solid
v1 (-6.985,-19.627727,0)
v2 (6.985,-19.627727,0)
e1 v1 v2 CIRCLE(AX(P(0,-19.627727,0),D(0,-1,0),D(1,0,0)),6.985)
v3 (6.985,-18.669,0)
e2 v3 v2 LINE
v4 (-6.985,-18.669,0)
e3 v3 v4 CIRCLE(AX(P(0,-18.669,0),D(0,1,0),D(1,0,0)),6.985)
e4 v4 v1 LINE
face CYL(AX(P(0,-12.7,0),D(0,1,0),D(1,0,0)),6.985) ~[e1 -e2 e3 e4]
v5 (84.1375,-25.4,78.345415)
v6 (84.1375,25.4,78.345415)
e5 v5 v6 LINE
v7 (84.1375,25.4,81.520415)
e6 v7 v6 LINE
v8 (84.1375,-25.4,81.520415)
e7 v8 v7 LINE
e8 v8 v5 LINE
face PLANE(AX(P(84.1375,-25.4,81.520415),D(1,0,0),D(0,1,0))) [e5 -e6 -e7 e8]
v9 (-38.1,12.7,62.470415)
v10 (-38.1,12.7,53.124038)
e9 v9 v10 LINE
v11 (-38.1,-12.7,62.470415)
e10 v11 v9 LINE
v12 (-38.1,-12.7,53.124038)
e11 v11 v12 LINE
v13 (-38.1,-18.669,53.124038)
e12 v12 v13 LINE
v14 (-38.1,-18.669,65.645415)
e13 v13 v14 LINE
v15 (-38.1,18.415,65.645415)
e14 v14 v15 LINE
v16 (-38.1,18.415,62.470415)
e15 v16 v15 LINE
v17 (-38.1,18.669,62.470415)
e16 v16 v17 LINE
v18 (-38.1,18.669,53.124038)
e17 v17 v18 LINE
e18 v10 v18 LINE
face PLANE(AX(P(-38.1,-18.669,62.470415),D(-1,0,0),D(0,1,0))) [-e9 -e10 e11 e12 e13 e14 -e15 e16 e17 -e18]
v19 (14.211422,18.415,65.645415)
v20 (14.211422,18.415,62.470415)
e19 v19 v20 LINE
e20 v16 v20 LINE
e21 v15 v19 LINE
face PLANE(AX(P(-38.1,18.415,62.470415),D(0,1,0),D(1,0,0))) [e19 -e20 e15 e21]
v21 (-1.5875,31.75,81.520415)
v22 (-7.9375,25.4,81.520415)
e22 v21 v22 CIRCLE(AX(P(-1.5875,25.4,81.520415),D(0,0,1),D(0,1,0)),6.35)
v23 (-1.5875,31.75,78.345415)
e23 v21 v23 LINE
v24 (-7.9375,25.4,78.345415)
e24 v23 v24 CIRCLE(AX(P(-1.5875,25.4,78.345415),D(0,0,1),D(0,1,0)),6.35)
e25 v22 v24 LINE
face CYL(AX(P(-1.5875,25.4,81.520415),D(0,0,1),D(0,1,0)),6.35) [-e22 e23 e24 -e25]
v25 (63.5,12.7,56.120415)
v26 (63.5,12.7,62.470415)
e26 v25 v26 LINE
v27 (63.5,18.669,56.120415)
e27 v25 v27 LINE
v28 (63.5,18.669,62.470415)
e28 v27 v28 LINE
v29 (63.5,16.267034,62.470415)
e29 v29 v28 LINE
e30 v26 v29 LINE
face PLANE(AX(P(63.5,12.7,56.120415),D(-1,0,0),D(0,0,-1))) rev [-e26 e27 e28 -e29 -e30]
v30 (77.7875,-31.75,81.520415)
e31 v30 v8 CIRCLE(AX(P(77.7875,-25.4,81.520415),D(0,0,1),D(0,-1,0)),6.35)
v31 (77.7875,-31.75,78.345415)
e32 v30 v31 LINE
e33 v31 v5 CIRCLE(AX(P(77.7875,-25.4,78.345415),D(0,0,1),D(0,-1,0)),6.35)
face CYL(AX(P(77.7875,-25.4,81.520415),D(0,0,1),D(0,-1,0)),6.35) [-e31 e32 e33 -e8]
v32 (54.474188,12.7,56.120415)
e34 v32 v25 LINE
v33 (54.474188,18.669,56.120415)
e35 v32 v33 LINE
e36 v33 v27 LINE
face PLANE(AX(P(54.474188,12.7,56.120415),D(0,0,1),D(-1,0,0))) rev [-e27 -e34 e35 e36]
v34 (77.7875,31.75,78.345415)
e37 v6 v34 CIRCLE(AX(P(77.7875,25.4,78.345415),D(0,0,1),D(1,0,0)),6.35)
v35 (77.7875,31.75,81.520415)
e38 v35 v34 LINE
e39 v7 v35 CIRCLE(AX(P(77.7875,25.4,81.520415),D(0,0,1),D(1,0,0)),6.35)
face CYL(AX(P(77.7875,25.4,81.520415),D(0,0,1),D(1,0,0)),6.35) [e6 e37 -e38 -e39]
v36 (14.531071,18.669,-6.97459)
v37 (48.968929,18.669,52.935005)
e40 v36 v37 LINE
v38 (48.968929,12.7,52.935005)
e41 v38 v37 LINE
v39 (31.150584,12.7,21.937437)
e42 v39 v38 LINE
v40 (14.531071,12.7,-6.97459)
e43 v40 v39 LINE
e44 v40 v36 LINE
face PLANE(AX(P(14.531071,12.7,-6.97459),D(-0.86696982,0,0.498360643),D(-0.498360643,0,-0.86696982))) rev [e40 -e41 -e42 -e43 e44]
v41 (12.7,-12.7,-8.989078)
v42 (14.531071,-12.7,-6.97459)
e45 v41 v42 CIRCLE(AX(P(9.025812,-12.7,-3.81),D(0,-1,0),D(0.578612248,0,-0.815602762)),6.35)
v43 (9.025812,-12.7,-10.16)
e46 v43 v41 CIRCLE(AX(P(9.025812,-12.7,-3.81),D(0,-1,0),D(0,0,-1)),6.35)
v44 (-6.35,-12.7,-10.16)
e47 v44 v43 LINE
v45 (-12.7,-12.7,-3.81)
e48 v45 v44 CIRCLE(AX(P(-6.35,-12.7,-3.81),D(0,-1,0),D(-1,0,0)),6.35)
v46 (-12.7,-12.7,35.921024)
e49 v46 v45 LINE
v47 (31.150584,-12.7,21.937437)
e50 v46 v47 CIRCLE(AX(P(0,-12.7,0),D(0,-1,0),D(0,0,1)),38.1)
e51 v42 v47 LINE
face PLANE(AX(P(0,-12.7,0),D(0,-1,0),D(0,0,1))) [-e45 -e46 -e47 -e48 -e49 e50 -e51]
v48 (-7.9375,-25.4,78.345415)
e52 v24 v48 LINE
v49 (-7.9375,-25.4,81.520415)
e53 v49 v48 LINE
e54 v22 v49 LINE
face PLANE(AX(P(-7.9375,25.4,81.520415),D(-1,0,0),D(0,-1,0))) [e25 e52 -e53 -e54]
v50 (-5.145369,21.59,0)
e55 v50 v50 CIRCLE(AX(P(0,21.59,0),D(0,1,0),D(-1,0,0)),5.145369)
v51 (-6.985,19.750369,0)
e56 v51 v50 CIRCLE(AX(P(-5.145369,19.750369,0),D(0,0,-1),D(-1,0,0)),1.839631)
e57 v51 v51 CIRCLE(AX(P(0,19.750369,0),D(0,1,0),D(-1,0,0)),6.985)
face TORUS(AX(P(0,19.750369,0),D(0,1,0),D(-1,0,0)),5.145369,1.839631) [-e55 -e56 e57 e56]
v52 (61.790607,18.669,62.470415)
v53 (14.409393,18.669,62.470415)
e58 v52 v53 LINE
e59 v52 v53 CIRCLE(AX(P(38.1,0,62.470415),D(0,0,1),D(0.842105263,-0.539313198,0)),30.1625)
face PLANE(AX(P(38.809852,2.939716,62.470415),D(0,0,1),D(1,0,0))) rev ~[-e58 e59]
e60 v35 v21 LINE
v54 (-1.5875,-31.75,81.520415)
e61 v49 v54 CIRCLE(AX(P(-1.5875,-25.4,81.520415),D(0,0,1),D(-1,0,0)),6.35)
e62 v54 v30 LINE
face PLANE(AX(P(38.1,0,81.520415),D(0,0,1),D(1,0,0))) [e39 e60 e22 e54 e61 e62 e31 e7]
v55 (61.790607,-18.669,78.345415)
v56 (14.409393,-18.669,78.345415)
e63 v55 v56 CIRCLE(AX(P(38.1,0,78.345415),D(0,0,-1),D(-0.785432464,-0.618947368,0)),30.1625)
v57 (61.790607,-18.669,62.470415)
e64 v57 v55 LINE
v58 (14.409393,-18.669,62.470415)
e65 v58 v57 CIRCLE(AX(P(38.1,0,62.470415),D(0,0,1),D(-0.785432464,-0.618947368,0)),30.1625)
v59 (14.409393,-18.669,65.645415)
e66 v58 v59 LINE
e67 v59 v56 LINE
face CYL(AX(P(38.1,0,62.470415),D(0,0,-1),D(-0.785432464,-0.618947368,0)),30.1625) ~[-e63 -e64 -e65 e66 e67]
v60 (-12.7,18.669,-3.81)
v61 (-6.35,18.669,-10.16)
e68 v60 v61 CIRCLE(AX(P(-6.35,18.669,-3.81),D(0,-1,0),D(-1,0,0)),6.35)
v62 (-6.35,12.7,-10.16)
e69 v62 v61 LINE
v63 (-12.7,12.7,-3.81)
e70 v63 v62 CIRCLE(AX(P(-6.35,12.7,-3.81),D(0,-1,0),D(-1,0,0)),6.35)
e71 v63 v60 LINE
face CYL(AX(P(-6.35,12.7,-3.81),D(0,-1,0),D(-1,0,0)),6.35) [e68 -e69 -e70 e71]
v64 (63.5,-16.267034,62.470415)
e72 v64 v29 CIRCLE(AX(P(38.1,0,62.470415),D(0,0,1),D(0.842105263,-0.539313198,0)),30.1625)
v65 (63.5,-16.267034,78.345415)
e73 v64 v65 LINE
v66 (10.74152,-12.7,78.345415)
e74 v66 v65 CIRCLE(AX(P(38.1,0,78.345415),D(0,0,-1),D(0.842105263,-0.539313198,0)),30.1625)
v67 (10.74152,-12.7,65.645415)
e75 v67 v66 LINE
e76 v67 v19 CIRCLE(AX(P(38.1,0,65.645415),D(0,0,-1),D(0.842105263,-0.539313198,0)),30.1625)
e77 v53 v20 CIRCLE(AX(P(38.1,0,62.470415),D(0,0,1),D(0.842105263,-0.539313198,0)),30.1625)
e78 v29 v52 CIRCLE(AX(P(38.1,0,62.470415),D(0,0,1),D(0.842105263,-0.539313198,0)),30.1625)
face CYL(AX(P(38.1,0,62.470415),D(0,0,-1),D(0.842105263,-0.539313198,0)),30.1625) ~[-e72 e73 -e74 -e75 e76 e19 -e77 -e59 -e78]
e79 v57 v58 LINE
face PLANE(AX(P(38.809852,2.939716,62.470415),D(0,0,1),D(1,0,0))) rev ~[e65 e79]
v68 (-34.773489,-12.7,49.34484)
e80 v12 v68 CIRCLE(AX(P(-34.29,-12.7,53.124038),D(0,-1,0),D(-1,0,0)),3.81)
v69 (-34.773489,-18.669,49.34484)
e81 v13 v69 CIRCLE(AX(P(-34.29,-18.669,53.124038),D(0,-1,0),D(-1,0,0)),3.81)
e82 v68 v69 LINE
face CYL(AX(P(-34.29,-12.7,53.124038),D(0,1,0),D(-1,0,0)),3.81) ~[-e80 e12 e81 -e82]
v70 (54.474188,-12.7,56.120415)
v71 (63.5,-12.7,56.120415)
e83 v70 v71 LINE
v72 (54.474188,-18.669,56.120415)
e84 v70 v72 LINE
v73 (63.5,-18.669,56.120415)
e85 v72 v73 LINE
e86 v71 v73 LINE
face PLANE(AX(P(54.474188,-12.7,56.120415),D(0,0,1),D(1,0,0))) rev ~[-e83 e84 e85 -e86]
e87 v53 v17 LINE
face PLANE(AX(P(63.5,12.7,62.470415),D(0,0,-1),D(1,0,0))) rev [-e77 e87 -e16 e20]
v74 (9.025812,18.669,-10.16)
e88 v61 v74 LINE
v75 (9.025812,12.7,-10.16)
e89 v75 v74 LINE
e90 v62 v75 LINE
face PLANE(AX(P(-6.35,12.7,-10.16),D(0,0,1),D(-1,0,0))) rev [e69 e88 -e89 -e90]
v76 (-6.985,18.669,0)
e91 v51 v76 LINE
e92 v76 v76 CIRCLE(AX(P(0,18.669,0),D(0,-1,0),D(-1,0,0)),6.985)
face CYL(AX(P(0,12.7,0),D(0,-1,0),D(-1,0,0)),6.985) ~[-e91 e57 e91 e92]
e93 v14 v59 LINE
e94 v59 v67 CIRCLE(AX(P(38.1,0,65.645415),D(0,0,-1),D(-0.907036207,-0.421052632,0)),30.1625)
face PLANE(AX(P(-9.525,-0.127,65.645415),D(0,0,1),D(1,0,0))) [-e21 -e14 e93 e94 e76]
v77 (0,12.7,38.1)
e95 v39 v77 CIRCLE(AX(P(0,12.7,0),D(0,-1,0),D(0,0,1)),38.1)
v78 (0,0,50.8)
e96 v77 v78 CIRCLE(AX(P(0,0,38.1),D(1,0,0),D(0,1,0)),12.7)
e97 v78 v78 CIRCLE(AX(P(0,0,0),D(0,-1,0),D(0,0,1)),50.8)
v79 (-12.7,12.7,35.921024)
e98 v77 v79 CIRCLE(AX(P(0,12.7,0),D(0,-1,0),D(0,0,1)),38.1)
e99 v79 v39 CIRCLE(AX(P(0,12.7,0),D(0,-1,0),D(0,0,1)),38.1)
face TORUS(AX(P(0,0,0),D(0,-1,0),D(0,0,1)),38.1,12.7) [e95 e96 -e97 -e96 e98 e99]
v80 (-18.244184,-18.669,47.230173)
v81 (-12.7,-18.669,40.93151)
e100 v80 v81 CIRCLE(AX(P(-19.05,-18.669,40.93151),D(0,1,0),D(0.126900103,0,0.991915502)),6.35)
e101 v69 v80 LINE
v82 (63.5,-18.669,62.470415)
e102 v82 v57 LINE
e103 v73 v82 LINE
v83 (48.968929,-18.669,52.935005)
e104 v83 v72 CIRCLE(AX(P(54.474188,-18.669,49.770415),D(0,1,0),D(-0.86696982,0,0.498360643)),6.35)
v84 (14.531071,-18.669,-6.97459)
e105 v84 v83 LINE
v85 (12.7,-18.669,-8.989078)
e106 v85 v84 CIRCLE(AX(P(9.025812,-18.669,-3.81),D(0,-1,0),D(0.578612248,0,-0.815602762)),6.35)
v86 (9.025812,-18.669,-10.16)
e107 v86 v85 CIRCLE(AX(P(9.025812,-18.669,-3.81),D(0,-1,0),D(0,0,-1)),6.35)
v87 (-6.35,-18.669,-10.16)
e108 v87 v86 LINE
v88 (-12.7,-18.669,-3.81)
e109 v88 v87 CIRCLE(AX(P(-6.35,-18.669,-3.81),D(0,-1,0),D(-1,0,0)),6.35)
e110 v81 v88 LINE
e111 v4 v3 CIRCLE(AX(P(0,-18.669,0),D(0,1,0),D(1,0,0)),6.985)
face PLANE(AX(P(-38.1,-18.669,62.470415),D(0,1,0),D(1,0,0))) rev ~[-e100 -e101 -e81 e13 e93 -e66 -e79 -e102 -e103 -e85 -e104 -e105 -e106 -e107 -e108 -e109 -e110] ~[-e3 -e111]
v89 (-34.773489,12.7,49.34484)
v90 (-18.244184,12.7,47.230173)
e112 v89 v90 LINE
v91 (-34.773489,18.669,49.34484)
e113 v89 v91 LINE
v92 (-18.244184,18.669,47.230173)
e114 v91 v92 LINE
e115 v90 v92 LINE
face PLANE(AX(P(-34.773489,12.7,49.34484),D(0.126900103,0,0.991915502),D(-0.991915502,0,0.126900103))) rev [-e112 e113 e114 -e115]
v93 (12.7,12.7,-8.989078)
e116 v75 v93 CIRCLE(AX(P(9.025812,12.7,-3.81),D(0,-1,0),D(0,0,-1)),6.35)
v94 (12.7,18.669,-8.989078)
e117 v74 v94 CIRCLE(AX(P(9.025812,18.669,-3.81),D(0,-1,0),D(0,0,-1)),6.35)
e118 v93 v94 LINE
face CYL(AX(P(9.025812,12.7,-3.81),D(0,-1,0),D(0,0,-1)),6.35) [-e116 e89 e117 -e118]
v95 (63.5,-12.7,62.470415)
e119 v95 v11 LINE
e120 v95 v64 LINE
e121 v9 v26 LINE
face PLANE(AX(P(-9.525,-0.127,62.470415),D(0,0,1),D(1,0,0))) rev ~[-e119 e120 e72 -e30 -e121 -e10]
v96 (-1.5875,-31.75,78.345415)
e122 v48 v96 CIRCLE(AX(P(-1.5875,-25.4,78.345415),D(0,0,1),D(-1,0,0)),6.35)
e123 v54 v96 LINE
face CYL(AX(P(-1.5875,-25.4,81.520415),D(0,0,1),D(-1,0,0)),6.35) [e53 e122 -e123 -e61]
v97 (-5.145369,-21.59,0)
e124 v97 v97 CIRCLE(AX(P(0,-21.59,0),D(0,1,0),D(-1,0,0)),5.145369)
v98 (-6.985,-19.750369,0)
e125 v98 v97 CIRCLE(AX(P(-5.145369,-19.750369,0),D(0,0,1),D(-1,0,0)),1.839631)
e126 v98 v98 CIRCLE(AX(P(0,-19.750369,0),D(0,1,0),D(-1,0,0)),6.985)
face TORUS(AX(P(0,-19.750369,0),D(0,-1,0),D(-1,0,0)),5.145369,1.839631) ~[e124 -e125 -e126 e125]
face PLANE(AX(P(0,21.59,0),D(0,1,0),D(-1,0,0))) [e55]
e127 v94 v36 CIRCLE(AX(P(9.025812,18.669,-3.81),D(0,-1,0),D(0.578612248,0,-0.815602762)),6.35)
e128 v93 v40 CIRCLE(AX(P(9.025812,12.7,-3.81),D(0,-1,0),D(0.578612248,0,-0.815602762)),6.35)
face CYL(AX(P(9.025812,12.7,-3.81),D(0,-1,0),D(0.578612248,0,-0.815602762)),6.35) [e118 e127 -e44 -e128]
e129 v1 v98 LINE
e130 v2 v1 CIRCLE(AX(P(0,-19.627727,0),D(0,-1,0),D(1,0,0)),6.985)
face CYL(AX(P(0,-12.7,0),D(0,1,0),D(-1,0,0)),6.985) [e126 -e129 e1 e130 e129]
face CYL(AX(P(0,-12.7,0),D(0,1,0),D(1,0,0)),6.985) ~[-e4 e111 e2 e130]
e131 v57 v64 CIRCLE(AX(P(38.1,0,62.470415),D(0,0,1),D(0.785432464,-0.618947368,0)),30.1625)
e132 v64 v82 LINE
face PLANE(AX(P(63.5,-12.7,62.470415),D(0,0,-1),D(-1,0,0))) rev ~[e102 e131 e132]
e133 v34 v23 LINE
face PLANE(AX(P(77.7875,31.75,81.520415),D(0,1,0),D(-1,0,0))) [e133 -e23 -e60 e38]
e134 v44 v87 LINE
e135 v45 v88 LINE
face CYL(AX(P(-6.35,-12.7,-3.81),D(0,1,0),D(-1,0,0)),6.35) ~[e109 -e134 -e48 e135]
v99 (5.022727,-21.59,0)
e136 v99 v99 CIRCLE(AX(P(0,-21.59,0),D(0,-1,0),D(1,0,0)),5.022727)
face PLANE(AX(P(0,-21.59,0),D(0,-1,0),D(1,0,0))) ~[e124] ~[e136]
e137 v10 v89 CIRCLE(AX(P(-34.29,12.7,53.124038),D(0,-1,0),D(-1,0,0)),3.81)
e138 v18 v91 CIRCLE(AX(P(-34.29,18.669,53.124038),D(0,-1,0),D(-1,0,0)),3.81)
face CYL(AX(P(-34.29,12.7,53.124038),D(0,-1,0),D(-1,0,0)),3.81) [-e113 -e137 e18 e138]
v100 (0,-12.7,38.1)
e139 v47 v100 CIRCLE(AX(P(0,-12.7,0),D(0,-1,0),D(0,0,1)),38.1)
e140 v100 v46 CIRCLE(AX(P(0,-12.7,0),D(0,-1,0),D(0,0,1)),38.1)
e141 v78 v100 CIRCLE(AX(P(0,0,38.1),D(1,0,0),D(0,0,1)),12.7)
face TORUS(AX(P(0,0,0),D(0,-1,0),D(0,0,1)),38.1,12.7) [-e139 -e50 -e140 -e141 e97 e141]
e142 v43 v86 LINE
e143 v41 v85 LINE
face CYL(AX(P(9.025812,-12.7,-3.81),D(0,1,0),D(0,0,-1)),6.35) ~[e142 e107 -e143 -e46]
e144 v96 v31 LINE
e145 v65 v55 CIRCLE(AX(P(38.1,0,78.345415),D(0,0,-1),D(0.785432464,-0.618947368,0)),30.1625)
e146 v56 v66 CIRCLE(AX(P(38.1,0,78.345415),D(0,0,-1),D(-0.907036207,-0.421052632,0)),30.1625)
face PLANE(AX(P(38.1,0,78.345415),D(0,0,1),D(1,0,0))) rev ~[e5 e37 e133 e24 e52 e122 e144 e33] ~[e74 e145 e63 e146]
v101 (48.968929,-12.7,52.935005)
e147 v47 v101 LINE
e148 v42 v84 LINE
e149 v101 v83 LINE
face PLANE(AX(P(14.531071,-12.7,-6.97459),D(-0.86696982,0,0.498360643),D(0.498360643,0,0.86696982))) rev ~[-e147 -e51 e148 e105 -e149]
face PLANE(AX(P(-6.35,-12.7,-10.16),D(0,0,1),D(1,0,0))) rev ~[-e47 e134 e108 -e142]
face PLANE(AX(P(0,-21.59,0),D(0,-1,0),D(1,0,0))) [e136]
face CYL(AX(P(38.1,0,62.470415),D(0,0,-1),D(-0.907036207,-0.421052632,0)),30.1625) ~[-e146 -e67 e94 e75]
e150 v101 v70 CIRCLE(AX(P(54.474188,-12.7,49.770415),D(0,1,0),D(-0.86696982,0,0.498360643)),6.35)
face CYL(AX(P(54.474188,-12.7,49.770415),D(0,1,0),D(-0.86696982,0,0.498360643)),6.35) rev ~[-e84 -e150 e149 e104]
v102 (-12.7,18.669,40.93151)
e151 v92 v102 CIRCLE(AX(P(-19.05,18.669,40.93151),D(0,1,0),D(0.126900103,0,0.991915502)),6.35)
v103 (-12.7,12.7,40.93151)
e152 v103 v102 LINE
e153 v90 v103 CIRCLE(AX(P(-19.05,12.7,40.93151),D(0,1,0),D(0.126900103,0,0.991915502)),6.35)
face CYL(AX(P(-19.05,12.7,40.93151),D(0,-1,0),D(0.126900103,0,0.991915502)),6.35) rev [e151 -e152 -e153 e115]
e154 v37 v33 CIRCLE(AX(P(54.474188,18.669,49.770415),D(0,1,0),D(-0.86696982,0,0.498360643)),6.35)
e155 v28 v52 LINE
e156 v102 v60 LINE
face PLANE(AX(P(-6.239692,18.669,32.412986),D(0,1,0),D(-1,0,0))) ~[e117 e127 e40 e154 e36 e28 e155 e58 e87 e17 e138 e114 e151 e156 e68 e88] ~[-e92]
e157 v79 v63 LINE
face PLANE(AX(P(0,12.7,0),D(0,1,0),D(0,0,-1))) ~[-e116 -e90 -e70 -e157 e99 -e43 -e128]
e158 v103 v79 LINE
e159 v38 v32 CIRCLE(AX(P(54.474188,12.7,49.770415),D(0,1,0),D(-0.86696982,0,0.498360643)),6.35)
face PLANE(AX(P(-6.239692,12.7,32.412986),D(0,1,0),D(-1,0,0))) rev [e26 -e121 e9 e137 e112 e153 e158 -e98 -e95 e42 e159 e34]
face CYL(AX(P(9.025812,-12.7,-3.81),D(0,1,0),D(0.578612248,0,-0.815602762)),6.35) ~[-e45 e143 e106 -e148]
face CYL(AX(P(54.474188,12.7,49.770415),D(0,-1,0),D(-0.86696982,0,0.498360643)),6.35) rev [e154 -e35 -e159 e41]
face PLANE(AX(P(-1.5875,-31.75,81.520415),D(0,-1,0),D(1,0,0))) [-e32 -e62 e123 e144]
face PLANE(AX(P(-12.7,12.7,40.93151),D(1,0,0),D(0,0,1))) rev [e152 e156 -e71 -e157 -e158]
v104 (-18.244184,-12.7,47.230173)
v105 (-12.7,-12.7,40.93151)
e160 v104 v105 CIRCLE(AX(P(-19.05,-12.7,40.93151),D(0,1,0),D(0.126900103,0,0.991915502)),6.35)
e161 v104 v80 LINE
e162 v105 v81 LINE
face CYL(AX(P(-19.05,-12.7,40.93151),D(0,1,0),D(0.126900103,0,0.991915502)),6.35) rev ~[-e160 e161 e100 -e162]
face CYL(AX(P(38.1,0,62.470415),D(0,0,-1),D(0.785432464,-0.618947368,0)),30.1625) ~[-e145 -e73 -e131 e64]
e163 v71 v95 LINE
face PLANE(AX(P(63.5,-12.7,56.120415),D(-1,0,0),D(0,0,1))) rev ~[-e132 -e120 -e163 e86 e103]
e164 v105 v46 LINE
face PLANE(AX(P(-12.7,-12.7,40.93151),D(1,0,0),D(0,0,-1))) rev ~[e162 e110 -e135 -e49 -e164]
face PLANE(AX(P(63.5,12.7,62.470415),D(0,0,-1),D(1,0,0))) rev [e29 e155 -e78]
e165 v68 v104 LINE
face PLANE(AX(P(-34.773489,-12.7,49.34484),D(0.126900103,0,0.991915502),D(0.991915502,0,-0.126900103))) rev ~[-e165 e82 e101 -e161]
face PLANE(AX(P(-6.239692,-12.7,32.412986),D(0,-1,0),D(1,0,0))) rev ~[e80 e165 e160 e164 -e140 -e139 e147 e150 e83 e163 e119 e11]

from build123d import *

# Parameters (mm, degrees)
F2_R      = 6.985
F3_DEPTH  = 8.89
F4_R      = 1.9622727835
F5_R      = 6.985
F6_DEPTH  = 8.89
F7_R      = 1.8396307345
F9_DEPTH  = 5.969
F12_DEPTH = 19.05
F14_DEPTH = 3.175
F15_W     = 57.15
F15_H     = 37.084
F16_DEPTH = 3.175


with BuildPart() as f1:
    # F0 (on Right) → F1 (revolve)
    with BuildSketch(Plane.YZ):
        with BuildLine():
            Line((-12.7, 0), (0, 0))
            Line((0, 0), (0, 50.8))
            ThreePointArc((0, 50.8), (-8.9802561211, 47.0802561211), (-12.7, 38.1))
            Line((-12.7, 38.1), (-12.7, 0))
        make_face()
        with BuildLine():
            Line((0, 50.8), (0, 0))
            Line((0, 0), (12.7, 0))
            Line((12.7, 0), (12.7, 38.1))
            ThreePointArc((12.7, 38.1), (8.9802561211, 47.0802561211), (0, 50.8))
        make_face()
    revolve(axis=Axis((0, -14.7607661784, 0), (0, -1, 0)))

    # F2 (on face) → F3 (join)
    with BuildSketch(Plane.XZ.offset(12.7)):
        Circle(F2_R)
    extrude(amount=F3_DEPTH)

    # F4
    f4_edges = [f1.edges().sort_by_distance(p)[0] for p in [
        (-6.985, -21.59, 0),
    ]]
    fillet(f4_edges, radius=F4_R)

    # F5 (on face) → F6 (join)
    with BuildSketch(Plane(origin=(0, 12.7, 0), x_dir=(-1, 0, 0), z_dir=(0, 1, 0))):
        Circle(F5_R)
    extrude(amount=F6_DEPTH)

    # F7
    f7_edges = [f1.edges().sort_by_distance(p)[0] for p in [
        (6.985, 21.59, 0),
    ]]
    fillet(f7_edges, radius=F7_R)

    # F8 (on face) → F9 (join)
    with BuildSketch(Plane.XZ.offset(12.7)):
        with BuildLine():
            Line((1.7471951485, 62.4704148293), (0, 62.4704148293))
            Line((0, 62.4704148293), (-12.7, 62.4704148293))
            Line((-12.7, 62.4704148293), (-38.1, 62.4704148293))
            Line((-38.1, 62.4704148293), (-38.1, 53.124037792))
            ThreePointArc((-38.1, 53.124037792), (-37.1499121134, 50.6066973892), (-34.7734893943, 49.3448397282))
            Line((-34.7734893943, 49.3448397282), (-18.2441843429, 47.2301731899))
            ThreePointArc((-18.2441843429, 47.2301731899), (-14.2834798111, 45.1270770883), (-12.7, 40.9315097502))
            Line((-12.7, 40.9315097502), (-12.7, 0))
            Line((-12.7, 0), (-12.7, -3.81))
            ThreePointArc((-12.7, -3.81), (-10.8401280605, -8.3001280605), (-6.35, -10.16))
            Line((-6.35, -10.16), (9.0258122236, -10.16))
            ThreePointArc((9.0258122236, -10.16), (10.9539405401, -9.8601918313), (12.7, -8.9890775418))
            Line((12.7, -8.9890775418), (12.7, 0))
            Line((12.7, 0), (12.7, 62.4704148293))
            Line((12.7, 62.4704148293), (1.7471951485, 62.4704148293))
        make_face()
        with BuildLine():
            Line((63.5, 62.4704148293), (12.7, 62.4704148293))
            Line((12.7, 62.4704148293), (12.7, 0))
            Line((12.7, 0), (12.7, -8.9890775418))
            ThreePointArc((12.7, -8.9890775418), (13.7247586768, -8.0811125283), (14.531070583, -6.9745900834))
            Line((14.531070583, -6.9745900834), (48.968929417, 52.9350049127))
            ThreePointArc((48.968929417, 52.9350049127), (51.2939870776, 55.2666702377), (54.4741877764, 56.1204148293))
            Line((54.4741877764, 56.1204148293), (63.5, 56.1204148293))
            Line((63.5, 56.1204148293), (63.5, 62.4704148293))
        make_face()
    extrude(amount=F9_DEPTH)


with BuildPart() as f10_1:
    # F10: instance of F1
    add(f1.part.mirror(Plane.XZ))


with BuildPart() as f12:
    # F11 (on face) → F12 (new body)
    with BuildSketch(Plane.XY.offset(62.4704148293)):
        with BuildLine():
            ThreePointArc((63.5, -16.267034341), (67.0473997645, -8.4749308625), (68.2625, 0))
            ThreePointArc((68.2625, 0), (31.597067385, 29.453153883), (10.7415203959, -12.7))
            Line((10.7415203959, -12.7), (63.5, -12.7))
            Line((63.5, -12.7), (63.5, -16.267034341))
        make_face()
        with BuildLine():
            Line((63.5, -12.7), (10.7415203959, -12.7))
            ThreePointArc((10.7415203959, -12.7), (12.4015653576, -15.7913540642), (14.4093933119, -18.669))
            Line((14.4093933119, -18.669), (61.7906066881, -18.669))
            ThreePointArc((61.7906066881, -18.669), (62.6746673631, -17.4889144958), (63.5, -16.267034341))
            Line((63.5, -16.267034341), (63.5, -12.7))
        make_face()
        with BuildLine():
            Line((61.7906066881, -18.669), (14.4093933119, -18.669))
            ThreePointArc((14.4093933119, -18.669), (38.1, -30.1625), (61.7906066881, -18.669))
        make_face()
    extrude(amount=F12_DEPTH)

    # F13 (on face) → F14 (join)
    with BuildSketch(Plane.XY.offset(81.5204148293)):
        with BuildLine():
            Line((-1.5875, -31.75), (77.7875, -31.75))
            ThreePointArc((77.7875, -31.75), (82.2776280605, -29.8901280605), (84.1375, -25.4))
            Line((84.1375, -25.4), (84.1375, 25.4))
            ThreePointArc((84.1375, 25.4), (82.2776280605, 29.8901280605), (77.7875, 31.75))
            Line((77.7875, 31.75), (-1.5875, 31.75))
            ThreePointArc((-1.5875, 31.75), (-6.0776280605, 29.8901280605), (-7.9375, 25.4))
            Line((-7.9375, 25.4), (-7.9375, -25.4))
            ThreePointArc((-7.9375, -25.4), (-6.0776280605, -29.8901280605), (-1.5875, -31.75))
        make_face()
    extrude(amount=-F14_DEPTH)


with BuildPart() as f1_1:
    add(f1.part)

    add(f10_1.part)  # F16 merges F10_1

    add(f12.part)  # F16 merges F12
    # F15 (on face) → F16 (join)
    with BuildSketch(Plane.XY.offset(62.4704148293)):
        with Locations((-9.525, -0.127)):
            Rectangle(F15_W, F15_H)
    extrude(amount=F16_DEPTH)


solid = f1_1.part
